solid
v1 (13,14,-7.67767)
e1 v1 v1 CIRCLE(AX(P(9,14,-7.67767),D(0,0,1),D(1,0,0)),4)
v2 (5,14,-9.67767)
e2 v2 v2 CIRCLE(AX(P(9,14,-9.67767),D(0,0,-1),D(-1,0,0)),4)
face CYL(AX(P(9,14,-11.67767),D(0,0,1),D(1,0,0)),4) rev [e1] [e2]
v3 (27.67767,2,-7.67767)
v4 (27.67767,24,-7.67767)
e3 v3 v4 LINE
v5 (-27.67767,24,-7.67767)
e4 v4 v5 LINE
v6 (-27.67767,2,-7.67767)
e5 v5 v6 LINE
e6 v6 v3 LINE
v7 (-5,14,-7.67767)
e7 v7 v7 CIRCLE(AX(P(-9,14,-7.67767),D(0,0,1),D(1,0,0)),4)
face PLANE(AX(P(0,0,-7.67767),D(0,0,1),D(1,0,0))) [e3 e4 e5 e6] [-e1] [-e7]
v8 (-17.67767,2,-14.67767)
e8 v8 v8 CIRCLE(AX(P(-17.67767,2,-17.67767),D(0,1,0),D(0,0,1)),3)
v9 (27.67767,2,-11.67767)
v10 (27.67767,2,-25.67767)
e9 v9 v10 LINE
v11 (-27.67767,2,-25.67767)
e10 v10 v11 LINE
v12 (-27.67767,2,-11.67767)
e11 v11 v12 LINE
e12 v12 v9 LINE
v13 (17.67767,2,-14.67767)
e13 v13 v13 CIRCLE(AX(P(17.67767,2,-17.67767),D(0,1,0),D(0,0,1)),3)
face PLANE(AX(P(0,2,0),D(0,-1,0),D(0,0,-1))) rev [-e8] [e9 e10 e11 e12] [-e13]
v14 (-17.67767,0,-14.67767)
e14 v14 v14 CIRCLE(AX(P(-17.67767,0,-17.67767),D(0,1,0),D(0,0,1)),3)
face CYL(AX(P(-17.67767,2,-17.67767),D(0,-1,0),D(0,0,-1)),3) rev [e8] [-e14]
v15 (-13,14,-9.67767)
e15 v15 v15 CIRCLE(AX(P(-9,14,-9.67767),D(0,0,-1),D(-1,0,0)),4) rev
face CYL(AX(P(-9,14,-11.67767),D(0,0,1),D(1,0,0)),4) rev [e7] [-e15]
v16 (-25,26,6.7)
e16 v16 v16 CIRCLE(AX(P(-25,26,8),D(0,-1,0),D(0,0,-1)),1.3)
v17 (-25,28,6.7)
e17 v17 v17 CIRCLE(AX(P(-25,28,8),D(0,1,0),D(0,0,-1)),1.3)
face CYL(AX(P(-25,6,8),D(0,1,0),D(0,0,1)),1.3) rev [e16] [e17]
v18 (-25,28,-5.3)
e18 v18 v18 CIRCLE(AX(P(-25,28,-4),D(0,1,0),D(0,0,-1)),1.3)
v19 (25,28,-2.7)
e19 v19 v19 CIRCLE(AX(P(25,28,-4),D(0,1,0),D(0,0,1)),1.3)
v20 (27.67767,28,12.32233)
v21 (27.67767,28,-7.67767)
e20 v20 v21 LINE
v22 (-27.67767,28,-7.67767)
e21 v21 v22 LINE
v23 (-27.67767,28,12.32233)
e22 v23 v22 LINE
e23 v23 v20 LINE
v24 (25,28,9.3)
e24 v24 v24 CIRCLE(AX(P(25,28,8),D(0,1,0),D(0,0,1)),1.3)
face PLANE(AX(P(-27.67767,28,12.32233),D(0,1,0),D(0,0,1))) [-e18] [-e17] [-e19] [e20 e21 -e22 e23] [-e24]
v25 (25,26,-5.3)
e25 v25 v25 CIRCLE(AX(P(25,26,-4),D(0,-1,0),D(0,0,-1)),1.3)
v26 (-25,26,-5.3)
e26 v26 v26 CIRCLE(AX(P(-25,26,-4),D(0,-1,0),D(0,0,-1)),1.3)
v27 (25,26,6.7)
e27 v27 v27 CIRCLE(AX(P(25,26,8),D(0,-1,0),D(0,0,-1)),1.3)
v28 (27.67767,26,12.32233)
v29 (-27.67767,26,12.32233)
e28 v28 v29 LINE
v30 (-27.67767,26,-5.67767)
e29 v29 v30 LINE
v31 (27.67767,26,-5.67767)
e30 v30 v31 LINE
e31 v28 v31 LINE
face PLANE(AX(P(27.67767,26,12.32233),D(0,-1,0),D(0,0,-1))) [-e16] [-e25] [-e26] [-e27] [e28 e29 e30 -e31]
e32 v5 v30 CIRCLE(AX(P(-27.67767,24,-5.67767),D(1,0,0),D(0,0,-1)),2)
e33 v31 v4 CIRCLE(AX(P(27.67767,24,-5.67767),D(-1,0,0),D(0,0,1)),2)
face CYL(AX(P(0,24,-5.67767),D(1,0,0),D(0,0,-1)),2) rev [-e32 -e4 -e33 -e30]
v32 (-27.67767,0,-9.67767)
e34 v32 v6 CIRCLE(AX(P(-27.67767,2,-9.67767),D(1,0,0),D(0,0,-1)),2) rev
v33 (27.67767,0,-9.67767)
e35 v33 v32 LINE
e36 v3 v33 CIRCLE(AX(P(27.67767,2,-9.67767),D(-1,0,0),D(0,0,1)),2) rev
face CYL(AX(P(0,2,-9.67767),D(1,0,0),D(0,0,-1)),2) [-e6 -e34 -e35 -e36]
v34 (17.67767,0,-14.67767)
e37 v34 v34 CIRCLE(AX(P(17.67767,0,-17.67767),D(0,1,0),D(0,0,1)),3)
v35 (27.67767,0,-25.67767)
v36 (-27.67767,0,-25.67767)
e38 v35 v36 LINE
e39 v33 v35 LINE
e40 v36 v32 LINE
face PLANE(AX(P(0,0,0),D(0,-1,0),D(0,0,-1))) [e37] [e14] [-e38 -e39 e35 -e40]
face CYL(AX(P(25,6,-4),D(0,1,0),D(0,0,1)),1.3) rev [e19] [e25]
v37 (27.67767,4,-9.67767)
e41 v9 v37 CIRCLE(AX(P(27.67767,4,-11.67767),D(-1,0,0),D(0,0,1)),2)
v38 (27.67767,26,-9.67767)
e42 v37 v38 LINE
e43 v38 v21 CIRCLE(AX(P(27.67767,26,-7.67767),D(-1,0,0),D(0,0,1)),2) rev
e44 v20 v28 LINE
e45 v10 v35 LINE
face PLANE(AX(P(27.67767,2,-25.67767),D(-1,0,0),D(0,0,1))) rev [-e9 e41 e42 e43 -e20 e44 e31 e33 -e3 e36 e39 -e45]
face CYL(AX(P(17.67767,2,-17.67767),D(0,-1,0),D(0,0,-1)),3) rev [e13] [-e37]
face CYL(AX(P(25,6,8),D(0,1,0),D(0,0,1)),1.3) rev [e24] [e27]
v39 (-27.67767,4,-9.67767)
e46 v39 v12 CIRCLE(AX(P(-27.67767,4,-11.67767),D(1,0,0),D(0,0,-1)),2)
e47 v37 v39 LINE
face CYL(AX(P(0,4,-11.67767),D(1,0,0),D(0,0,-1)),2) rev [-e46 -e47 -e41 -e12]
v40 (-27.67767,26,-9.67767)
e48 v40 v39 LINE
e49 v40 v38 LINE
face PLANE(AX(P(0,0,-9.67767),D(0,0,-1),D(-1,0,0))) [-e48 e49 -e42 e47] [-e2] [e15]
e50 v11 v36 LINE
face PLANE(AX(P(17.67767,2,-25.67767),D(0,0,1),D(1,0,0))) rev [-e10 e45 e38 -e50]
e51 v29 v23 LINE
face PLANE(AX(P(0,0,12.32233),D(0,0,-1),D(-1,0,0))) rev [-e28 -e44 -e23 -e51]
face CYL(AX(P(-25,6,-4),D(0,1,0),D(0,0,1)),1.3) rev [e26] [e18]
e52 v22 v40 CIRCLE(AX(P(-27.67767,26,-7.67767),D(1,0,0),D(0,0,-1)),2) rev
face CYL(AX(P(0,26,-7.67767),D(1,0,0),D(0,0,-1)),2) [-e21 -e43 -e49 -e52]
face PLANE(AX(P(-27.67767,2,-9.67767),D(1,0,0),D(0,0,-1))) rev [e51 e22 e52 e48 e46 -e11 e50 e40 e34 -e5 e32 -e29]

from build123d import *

# Parameters (mm, degrees)
SKETCH_1_R          = 3
EXTRUDE_1_DEPTH     = 2
SKETCH_2_R          = 4
SKETCH_2_W          = 27.67766953
SKETCH_2_H          = 2
EXTRUDE_2_DEPTH     = 2
EXTRUDE_START       = 2
SKETCH_3_W          = 55.35533906
SKETCH_3_H          = 26
SKETCH_3_R          = 4
EXTRUDE_3_DEPTH     = 2
SKETCH_4_W          = 55.35533906
SKETCH_4_H          = 24
CUT_EXTRUDE_1_DEPTH = 2
FILLET_1_R          = 2
SKETCH_5_W          = 55.35533906
SKETCH_5_H          = 2
EXTRUDE_4_DEPTH     = 22
SKETCH_6_R          = 1.3
CUT_EXTRUDE_2_DEPTH = 22
FILLET_2_R          = 2
FILLET_3_R          = 2
FILLET_4_R          = 2


with BuildPart() as part:
    # 草图1 → 凸台-拉伸1 (new body)
    with BuildSketch(Plane(origin=(0, 0, 0), x_dir=(1, 0, 0), z_dir=(0, 1, 0))):
        Polygon((-17.67766953, 9.67766953), (-27.67766953, 9.67766953), (-27.67766953, 25.67766953), (17.67766953, 25.67766953), (27.67766953, 25.67766953), (27.67766953, 9.67766953), align=None)
        with Locations(Location((-17.67766953, 17.67766953, 0), (0, 0, 270))):
            Circle(SKETCH_1_R, mode=Mode.SUBTRACT)
        with Locations(Location((17.67766953, 17.67766953, 0), (0, 0, 270))):
            Circle(SKETCH_1_R, mode=Mode.SUBTRACT)
    extrude(amount=EXTRUDE_1_DEPTH)

    # 草图2 → 凸台-拉伸2 (add)
    # profile 1 of 3: a face of its own
    with BuildSketch(Plane.XY.offset(-9.67766953)):
        Polygon((-27.67766953, 26), (-27.67766953, 2), (0, 2), (27.67766953, 2), (27.67766953, 26), align=None)
        with Locations((-9, 14)):
            Circle(SKETCH_2_R, mode=Mode.SUBTRACT)
        with Locations((9, 14)):
            Circle(SKETCH_2_R, mode=Mode.SUBTRACT)
    # profile 2 of 3: a face of its own
    with BuildSketch(Plane.XY.offset(-9.67766953)):
        with Locations((-13.838834765, 1)):
            Rectangle(SKETCH_2_W, SKETCH_2_H)
    # profile 3 of 3: a face of its own
    with BuildSketch(Plane.XY.offset(-9.67766953)):
        with Locations((13.838834765, 1)):
            Rectangle(SKETCH_2_W, SKETCH_2_H)
    extrude(amount=-EXTRUDE_2_DEPTH)

    # 草图3 → 凸台-拉伸3 (add)
    with BuildSketch(Plane.XY.offset(-9.67766953).offset(EXTRUDE_START)):
        with Locations((0, 13)):
            Rectangle(SKETCH_3_W, SKETCH_3_H)
        with Locations((-9, 14)):
            Circle(SKETCH_3_R, mode=Mode.SUBTRACT)
        with Locations((9, 14)):
            Circle(SKETCH_3_R, mode=Mode.SUBTRACT)
    extrude(amount=-EXTRUDE_3_DEPTH)

    # 草图4 → 切除-拉伸1 (cut)
    with BuildSketch(Plane.XY.offset(-9.67766953)):
        with Locations((0, 14)):
            Rectangle(SKETCH_4_W, SKETCH_4_H)
    extrude(amount=-CUT_EXTRUDE_1_DEPTH, mode=Mode.SUBTRACT)

    # 圆角1
    fillet_1_edges = [part.edges().sort_by_distance(p)[0] for p in [
        (0, 0, -7.67766953),
    ]]
    fillet(fillet_1_edges, radius=FILLET_1_R)

    # 草图5 → 凸台-拉伸4 (add)
    with BuildSketch(Plane(origin=(0, 0, -9.67766953), x_dir=(-1, 0, 0), z_dir=(0, 0, -1))):
        with Locations((0, 27)):
            Rectangle(SKETCH_5_W, SKETCH_5_H)
    extrude(amount=-EXTRUDE_4_DEPTH)

    # 草图6 → 切除-拉伸2 (cut)
    with BuildSketch(Plane(origin=(0, 28, 0), x_dir=(1, 0, 0), z_dir=(0, 1, 0))):
        with Locations(Location((25, -8, 0), (0, 0, 270))):
            Circle(SKETCH_6_R)
        with Locations(Location((25, 4, 0), (0, 0, 270))):
            Circle(SKETCH_6_R)
        with Locations(Location((-25, 4, 0), (0, 0, 90))):
            Circle(SKETCH_6_R)
        with Locations(Location((-25, -8, 0), (0, 0, 90))):
            Circle(SKETCH_6_R)
    extrude(amount=-CUT_EXTRUDE_2_DEPTH, mode=Mode.SUBTRACT)

    # 圆角2
    fillet_2_edges = [part.edges().sort_by_distance(p)[0] for p in [
        (0, 28, -9.67766953),
    ]]
    fillet(fillet_2_edges, radius=FILLET_2_R)

    # 圆角3
    fillet_3_edges = [part.edges().sort_by_distance(p)[0] for p in [
        (0, 26, -7.67766953),
    ]]
    fillet(fillet_3_edges, radius=FILLET_3_R)

    # 圆角4
    fillet_4_edges = [part.edges().sort_by_distance(p)[0] for p in [
        (0, 2, -9.67766953),
    ]]
    fillet(fillet_4_edges, radius=FILLET_4_R)


solid = part.part
